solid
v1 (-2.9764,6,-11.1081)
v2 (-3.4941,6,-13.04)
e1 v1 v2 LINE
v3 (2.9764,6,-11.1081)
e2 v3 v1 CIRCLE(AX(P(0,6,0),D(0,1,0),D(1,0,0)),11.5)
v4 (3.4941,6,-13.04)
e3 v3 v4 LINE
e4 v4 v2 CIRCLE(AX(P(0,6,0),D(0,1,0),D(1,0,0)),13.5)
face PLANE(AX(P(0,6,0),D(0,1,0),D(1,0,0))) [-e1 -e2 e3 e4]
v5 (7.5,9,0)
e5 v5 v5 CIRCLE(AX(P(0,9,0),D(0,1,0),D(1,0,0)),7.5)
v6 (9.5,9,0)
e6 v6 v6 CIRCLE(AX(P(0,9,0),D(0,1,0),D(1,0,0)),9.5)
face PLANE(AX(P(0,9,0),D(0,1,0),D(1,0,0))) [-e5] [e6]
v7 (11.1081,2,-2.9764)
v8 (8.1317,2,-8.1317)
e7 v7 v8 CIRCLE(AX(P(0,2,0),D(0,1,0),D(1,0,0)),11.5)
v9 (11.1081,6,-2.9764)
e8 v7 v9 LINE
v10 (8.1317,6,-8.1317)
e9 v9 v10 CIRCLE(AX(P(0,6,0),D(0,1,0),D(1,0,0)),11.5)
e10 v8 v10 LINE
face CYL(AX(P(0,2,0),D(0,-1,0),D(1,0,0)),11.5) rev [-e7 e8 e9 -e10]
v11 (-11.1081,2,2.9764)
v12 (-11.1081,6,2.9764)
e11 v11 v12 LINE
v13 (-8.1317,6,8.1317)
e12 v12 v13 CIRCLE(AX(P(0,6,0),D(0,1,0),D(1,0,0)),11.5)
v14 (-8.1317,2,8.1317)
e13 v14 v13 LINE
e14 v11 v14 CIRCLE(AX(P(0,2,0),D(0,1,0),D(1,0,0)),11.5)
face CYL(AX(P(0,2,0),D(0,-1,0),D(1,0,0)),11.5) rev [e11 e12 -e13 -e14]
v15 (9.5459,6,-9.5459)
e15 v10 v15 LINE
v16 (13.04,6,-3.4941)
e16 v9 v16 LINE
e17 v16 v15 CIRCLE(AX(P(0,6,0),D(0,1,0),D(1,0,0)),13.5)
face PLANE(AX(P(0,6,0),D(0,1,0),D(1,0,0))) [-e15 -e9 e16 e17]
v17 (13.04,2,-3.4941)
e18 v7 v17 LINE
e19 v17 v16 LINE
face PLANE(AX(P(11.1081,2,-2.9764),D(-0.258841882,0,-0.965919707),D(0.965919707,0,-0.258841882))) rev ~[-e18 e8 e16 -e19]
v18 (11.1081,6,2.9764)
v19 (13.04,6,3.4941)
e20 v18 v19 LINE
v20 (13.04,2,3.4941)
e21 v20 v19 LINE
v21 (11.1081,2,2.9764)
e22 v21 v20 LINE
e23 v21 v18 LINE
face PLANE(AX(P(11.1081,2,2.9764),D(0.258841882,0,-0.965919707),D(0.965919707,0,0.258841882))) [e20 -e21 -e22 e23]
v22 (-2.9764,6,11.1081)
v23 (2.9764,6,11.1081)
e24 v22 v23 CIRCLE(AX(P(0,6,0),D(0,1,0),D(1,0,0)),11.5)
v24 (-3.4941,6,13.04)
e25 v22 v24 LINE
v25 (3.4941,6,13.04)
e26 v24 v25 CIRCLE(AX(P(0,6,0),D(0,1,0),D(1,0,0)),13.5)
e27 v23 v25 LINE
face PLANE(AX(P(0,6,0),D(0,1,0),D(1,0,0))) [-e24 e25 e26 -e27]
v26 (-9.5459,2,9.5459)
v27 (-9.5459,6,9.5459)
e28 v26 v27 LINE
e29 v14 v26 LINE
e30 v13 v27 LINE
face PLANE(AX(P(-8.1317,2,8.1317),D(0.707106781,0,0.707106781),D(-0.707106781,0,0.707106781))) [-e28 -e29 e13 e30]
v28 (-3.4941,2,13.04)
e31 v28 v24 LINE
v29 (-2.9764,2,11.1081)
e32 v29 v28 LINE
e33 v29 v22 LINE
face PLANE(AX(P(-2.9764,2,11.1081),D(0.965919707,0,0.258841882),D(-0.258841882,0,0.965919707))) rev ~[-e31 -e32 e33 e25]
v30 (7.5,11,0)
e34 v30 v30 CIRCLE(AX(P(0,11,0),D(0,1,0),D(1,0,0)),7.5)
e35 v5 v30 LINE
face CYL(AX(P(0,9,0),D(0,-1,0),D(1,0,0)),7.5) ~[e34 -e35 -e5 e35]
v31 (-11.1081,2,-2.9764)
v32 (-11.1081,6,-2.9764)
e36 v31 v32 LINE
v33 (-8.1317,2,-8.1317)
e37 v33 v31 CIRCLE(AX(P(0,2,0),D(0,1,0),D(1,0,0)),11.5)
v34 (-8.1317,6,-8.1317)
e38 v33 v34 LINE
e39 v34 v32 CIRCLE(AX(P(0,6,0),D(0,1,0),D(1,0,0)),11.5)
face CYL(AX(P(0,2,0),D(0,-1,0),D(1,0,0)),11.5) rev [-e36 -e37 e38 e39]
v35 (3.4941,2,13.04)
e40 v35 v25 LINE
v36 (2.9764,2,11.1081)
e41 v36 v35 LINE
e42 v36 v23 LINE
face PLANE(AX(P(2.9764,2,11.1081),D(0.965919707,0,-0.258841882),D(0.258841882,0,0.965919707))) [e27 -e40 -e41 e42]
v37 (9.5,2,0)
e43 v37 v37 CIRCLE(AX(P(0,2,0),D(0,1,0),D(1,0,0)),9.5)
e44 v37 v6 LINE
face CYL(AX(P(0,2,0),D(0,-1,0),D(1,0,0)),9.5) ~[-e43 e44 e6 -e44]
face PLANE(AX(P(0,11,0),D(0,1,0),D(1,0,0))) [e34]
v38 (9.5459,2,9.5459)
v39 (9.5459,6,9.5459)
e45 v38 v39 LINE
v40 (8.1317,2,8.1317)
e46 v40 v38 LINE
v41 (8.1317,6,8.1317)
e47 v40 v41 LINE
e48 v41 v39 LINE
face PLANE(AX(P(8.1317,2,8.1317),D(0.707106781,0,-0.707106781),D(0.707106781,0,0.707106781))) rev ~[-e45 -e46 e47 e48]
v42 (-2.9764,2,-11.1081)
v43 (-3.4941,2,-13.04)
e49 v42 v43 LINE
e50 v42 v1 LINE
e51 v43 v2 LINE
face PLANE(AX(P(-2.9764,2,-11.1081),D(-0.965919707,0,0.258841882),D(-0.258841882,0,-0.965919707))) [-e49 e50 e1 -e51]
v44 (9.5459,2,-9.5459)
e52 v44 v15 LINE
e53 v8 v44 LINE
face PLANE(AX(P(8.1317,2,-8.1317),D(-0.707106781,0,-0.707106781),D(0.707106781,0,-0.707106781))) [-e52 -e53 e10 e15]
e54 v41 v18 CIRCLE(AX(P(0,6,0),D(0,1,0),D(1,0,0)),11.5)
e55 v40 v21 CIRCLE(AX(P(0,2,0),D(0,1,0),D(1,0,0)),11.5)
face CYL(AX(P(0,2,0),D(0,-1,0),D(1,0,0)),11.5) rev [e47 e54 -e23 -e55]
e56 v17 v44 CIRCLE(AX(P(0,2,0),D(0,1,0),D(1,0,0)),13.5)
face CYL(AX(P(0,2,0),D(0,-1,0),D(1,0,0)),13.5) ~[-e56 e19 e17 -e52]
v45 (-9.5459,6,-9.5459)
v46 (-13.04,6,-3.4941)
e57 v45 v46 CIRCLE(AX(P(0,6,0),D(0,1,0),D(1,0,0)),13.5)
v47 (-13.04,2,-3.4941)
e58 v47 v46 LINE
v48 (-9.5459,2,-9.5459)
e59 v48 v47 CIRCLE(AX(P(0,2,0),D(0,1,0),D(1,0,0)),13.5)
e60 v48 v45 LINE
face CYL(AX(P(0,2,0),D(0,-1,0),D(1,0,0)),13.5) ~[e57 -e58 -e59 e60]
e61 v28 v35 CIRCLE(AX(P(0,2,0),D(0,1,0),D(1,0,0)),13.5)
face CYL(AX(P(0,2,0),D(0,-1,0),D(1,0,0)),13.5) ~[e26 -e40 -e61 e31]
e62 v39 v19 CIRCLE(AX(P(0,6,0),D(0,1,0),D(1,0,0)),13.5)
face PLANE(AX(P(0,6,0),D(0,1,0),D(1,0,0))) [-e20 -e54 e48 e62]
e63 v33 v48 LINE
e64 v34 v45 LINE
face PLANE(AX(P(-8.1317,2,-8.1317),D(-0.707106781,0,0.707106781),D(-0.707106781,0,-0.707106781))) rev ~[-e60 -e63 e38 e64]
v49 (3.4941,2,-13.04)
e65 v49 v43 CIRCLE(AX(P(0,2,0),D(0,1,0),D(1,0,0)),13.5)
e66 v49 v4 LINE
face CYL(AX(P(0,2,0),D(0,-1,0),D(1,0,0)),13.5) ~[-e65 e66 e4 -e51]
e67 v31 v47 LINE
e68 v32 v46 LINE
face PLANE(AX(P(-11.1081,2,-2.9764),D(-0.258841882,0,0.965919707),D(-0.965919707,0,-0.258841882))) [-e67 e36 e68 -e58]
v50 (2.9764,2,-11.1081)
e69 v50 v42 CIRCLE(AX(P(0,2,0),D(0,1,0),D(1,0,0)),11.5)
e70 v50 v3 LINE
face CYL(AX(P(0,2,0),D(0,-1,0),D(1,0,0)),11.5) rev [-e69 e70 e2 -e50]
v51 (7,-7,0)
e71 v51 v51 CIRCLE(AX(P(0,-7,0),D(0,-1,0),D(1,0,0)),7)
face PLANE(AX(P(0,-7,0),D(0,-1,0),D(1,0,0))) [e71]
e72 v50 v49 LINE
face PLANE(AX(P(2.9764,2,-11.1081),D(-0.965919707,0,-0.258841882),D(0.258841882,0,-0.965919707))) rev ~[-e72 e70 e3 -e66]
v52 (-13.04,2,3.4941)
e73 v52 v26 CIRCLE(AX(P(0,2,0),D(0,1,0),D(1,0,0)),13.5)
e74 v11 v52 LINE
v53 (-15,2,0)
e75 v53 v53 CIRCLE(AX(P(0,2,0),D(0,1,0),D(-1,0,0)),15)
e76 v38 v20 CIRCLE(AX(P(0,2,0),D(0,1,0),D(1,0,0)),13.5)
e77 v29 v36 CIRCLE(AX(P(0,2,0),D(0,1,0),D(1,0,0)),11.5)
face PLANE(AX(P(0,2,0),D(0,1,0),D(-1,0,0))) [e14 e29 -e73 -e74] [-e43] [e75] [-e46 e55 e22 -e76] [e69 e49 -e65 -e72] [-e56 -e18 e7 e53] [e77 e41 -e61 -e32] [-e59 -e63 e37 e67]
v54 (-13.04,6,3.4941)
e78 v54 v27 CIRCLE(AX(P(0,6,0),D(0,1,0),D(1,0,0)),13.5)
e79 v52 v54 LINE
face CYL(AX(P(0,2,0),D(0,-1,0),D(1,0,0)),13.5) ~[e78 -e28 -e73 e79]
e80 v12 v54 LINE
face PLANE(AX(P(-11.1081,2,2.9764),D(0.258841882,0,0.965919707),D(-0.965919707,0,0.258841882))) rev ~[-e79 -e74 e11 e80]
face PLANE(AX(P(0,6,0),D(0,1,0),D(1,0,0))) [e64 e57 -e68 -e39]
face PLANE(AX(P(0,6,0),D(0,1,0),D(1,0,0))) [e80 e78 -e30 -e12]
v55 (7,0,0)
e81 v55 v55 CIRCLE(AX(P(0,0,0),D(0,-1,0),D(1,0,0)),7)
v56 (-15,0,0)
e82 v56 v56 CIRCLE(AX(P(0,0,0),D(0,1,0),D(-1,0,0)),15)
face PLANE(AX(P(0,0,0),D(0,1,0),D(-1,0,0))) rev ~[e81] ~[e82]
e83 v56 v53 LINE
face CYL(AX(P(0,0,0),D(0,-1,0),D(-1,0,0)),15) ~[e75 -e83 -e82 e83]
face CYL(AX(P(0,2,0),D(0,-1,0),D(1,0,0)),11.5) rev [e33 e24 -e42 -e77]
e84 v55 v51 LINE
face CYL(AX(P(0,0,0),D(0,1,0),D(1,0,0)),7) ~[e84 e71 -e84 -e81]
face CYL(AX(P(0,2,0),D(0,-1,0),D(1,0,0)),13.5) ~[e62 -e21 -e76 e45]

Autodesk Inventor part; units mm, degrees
ref_plane "YZ Plane" through (0, 0, 0) normal (1, 0, 0) x (0, 1, 0)
ref_plane "XZ Plane" through (0, 0, 0) normal (0, 1, 0) x (-1, 0, 0)
ref_plane "XY Plane" through (0, 0, 0) normal (0, 0, 1) x (1, 0, 0)
sketch "Sketch1" plane through (0, 0, 0) normal (0, 1, 0) x (-1, 0, 0)
  circle A0 centre (0, 0) radius 15
  dimension "d0" = 30
extrude "Extrusion1" add sketch "Sketch1" along normal blind 2
sketch "Sketch2" plane through (0, 2, 0) normal (0, 1, 0) x (1, 0, 0)
  circle A0 centre (0, 0) radius 15 projected
  circle A1 centre (0, 0) radius 13.5
  circle A2 centre (0, 0) radius 11.5
  line L0 (11.1081, 2.9764) -> (13.04, 3.4941)
  line L1 (0, 0) -> (13.5, 0) construction
  line L2 (11.1081, -2.9764) -> (13.04, -3.4941)
  line L3 (0, 0) -> (13.5, 0) construction
  line L4 (8.1317, 8.1317) -> (9.5459, 9.5459)
  line L5 (0, 0) -> (13.5, 0) construction
  line L6 (2.9764, 11.1081) -> (3.4941, 13.04)
  line L7 (0, 0) -> (13.5, 0) construction
  line L8 (-2.9764, 11.1081) -> (-3.4941, 13.04)
  circle A3 centre (0, 0) radius 15 projected
  line L9 (-8.1317, 8.1317) -> (-9.5459, 9.5459)
  line L10 (0, 0) -> (13.5, 0) construction
  line L11 (-9.5459, 9.5459) -> (-8.1317, 8.1317)
  line L12 (8.1317, -8.1317) -> (9.5459, -9.5459)
  line L13 (-3.4941, 13.04) -> (-2.9764, 11.1081)
  line L14 (2.9764, -11.1081) -> (3.4941, -13.04)
  line L15 (9.5459, 9.5459) -> (8.1317, 8.1317)
  line L16 (-8.1317, -8.1317) -> (-9.5459, -9.5459)
  line L17 (3.4941, 13.04) -> (2.9764, 11.1081)
  line L18 (-2.9764, -11.1081) -> (-3.4941, -13.04)
  line L19 (13.04, 3.4941) -> (11.1081, 2.9764)
  line L20 (-11.1081, -2.9764) -> (-13.04, -3.4941)
  line L21 (13.04, -3.4941) -> (11.1081, -2.9764)
  line L22 (-11.1081, 2.9764) -> (-13.04, 3.4941)
extrude "Extrusion2" add sketch "Sketch2" along normal blind 4 contours L0 A2 L4 A1 | A1 L12 A2 L2 | L6 A2 L8 A1 | A1 L18 A2 L14 | L9 A2 L22 A1 | A1 L20 A2 L16
sketch "Sketch3" plane through (0, 2, 0) normal (0, 1, 0) x (1, 0, 0)
  line L0 (-2.9764, 11.1081) -> (-3.4941, 13.04) projected
  arc A0 (3.4941, 13.04) -> (-3.4941, 13.04) centre (0, 0) ccw projected
  line L1 (3.4941, 13.04) -> (2.9764, 11.1081) projected
  arc A1 (2.9764, 11.1081) -> (-2.9764, 11.1081) centre (0, 0) ccw projected
  line L2 (-3.4941, -13.04) -> (-2.9764, -11.1081) projected
  arc A2 (-2.9764, -11.1081) -> (2.9764, -11.1081) centre (0, 0) ccw projected
  line L3 (2.9764, -11.1081) -> (3.4941, -13.04) projected
  arc A3 (-3.4941, -13.04) -> (3.4941, -13.04) centre (0, 0) ccw projected
  line L4 (-11.1081, 2.9764) -> (-13.04, 3.4941) projected
  arc A4 (-9.5459, 9.5459) -> (-13.04, 3.4941) centre (0, 0) ccw projected
  line L5 (-9.5459, 9.5459) -> (-8.1317, 8.1317) projected
  arc A5 (-8.1317, 8.1317) -> (-11.1081, 2.9764) centre (0, 0) ccw projected
  line L6 (8.1317, 8.1317) -> (9.5459, 9.5459) projected
  arc A6 (13.04, 3.4941) -> (9.5459, 9.5459) centre (0, 0) ccw projected
  line L7 (13.04, 3.4941) -> (11.1081, 2.9764) projected
  arc A7 (11.1081, 2.9764) -> (8.1317, 8.1317) centre (0, 0) ccw projected
  line L8 (9.5459, -9.5459) -> (8.1317, -8.1317) projected
  arc A8 (8.1317, -8.1317) -> (11.1081, -2.9764) centre (0, 0) ccw projected
  line L9 (11.1081, -2.9764) -> (13.04, -3.4941) projected
  arc A9 (9.5459, -9.5459) -> (13.04, -3.4941) centre (0, 0) ccw projected
  line L10 (-13.04, -3.4941) -> (-11.1081, -2.9764) projected
  arc A10 (-11.1081, -2.9764) -> (-8.1317, -8.1317) centre (0, 0) ccw projected
  line L11 (-8.1317, -8.1317) -> (-9.5459, -9.5459) projected
  arc A11 (-13.04, -3.4941) -> (-9.5459, -9.5459) centre (0, 0) ccw projected
  circle A12 centre (0, 0) radius 15 projected
  circle A13 centre (0, 0) radius 9.5
  dimension "d12" = 19
extrude "Extrusion3" add sketch "Sketch3" along normal blind 7 contours A13
sketch "Sketch4" plane through (0, 9, 0) normal (0, 1, 0) x (1, 0, 0)
  circle A0 centre (0, 0) radius 9.5 projected
  circle A1 centre (0, 0) radius 7.5
  dimension "d15" = 15
extrude "Extrusion4" add sketch "Sketch4" along normal blind 2 contours A1
sketch "Sketch5" plane through (0, 0, 0) normal (0, -1, 0) x (1, 0, 0)
  circle A0 centre (0, 0) radius 7
  dimension "d18" = 14
extrude "Extrusion5" add sketch "Sketch5" along normal blind 7
properties part number "Bisagra final"
